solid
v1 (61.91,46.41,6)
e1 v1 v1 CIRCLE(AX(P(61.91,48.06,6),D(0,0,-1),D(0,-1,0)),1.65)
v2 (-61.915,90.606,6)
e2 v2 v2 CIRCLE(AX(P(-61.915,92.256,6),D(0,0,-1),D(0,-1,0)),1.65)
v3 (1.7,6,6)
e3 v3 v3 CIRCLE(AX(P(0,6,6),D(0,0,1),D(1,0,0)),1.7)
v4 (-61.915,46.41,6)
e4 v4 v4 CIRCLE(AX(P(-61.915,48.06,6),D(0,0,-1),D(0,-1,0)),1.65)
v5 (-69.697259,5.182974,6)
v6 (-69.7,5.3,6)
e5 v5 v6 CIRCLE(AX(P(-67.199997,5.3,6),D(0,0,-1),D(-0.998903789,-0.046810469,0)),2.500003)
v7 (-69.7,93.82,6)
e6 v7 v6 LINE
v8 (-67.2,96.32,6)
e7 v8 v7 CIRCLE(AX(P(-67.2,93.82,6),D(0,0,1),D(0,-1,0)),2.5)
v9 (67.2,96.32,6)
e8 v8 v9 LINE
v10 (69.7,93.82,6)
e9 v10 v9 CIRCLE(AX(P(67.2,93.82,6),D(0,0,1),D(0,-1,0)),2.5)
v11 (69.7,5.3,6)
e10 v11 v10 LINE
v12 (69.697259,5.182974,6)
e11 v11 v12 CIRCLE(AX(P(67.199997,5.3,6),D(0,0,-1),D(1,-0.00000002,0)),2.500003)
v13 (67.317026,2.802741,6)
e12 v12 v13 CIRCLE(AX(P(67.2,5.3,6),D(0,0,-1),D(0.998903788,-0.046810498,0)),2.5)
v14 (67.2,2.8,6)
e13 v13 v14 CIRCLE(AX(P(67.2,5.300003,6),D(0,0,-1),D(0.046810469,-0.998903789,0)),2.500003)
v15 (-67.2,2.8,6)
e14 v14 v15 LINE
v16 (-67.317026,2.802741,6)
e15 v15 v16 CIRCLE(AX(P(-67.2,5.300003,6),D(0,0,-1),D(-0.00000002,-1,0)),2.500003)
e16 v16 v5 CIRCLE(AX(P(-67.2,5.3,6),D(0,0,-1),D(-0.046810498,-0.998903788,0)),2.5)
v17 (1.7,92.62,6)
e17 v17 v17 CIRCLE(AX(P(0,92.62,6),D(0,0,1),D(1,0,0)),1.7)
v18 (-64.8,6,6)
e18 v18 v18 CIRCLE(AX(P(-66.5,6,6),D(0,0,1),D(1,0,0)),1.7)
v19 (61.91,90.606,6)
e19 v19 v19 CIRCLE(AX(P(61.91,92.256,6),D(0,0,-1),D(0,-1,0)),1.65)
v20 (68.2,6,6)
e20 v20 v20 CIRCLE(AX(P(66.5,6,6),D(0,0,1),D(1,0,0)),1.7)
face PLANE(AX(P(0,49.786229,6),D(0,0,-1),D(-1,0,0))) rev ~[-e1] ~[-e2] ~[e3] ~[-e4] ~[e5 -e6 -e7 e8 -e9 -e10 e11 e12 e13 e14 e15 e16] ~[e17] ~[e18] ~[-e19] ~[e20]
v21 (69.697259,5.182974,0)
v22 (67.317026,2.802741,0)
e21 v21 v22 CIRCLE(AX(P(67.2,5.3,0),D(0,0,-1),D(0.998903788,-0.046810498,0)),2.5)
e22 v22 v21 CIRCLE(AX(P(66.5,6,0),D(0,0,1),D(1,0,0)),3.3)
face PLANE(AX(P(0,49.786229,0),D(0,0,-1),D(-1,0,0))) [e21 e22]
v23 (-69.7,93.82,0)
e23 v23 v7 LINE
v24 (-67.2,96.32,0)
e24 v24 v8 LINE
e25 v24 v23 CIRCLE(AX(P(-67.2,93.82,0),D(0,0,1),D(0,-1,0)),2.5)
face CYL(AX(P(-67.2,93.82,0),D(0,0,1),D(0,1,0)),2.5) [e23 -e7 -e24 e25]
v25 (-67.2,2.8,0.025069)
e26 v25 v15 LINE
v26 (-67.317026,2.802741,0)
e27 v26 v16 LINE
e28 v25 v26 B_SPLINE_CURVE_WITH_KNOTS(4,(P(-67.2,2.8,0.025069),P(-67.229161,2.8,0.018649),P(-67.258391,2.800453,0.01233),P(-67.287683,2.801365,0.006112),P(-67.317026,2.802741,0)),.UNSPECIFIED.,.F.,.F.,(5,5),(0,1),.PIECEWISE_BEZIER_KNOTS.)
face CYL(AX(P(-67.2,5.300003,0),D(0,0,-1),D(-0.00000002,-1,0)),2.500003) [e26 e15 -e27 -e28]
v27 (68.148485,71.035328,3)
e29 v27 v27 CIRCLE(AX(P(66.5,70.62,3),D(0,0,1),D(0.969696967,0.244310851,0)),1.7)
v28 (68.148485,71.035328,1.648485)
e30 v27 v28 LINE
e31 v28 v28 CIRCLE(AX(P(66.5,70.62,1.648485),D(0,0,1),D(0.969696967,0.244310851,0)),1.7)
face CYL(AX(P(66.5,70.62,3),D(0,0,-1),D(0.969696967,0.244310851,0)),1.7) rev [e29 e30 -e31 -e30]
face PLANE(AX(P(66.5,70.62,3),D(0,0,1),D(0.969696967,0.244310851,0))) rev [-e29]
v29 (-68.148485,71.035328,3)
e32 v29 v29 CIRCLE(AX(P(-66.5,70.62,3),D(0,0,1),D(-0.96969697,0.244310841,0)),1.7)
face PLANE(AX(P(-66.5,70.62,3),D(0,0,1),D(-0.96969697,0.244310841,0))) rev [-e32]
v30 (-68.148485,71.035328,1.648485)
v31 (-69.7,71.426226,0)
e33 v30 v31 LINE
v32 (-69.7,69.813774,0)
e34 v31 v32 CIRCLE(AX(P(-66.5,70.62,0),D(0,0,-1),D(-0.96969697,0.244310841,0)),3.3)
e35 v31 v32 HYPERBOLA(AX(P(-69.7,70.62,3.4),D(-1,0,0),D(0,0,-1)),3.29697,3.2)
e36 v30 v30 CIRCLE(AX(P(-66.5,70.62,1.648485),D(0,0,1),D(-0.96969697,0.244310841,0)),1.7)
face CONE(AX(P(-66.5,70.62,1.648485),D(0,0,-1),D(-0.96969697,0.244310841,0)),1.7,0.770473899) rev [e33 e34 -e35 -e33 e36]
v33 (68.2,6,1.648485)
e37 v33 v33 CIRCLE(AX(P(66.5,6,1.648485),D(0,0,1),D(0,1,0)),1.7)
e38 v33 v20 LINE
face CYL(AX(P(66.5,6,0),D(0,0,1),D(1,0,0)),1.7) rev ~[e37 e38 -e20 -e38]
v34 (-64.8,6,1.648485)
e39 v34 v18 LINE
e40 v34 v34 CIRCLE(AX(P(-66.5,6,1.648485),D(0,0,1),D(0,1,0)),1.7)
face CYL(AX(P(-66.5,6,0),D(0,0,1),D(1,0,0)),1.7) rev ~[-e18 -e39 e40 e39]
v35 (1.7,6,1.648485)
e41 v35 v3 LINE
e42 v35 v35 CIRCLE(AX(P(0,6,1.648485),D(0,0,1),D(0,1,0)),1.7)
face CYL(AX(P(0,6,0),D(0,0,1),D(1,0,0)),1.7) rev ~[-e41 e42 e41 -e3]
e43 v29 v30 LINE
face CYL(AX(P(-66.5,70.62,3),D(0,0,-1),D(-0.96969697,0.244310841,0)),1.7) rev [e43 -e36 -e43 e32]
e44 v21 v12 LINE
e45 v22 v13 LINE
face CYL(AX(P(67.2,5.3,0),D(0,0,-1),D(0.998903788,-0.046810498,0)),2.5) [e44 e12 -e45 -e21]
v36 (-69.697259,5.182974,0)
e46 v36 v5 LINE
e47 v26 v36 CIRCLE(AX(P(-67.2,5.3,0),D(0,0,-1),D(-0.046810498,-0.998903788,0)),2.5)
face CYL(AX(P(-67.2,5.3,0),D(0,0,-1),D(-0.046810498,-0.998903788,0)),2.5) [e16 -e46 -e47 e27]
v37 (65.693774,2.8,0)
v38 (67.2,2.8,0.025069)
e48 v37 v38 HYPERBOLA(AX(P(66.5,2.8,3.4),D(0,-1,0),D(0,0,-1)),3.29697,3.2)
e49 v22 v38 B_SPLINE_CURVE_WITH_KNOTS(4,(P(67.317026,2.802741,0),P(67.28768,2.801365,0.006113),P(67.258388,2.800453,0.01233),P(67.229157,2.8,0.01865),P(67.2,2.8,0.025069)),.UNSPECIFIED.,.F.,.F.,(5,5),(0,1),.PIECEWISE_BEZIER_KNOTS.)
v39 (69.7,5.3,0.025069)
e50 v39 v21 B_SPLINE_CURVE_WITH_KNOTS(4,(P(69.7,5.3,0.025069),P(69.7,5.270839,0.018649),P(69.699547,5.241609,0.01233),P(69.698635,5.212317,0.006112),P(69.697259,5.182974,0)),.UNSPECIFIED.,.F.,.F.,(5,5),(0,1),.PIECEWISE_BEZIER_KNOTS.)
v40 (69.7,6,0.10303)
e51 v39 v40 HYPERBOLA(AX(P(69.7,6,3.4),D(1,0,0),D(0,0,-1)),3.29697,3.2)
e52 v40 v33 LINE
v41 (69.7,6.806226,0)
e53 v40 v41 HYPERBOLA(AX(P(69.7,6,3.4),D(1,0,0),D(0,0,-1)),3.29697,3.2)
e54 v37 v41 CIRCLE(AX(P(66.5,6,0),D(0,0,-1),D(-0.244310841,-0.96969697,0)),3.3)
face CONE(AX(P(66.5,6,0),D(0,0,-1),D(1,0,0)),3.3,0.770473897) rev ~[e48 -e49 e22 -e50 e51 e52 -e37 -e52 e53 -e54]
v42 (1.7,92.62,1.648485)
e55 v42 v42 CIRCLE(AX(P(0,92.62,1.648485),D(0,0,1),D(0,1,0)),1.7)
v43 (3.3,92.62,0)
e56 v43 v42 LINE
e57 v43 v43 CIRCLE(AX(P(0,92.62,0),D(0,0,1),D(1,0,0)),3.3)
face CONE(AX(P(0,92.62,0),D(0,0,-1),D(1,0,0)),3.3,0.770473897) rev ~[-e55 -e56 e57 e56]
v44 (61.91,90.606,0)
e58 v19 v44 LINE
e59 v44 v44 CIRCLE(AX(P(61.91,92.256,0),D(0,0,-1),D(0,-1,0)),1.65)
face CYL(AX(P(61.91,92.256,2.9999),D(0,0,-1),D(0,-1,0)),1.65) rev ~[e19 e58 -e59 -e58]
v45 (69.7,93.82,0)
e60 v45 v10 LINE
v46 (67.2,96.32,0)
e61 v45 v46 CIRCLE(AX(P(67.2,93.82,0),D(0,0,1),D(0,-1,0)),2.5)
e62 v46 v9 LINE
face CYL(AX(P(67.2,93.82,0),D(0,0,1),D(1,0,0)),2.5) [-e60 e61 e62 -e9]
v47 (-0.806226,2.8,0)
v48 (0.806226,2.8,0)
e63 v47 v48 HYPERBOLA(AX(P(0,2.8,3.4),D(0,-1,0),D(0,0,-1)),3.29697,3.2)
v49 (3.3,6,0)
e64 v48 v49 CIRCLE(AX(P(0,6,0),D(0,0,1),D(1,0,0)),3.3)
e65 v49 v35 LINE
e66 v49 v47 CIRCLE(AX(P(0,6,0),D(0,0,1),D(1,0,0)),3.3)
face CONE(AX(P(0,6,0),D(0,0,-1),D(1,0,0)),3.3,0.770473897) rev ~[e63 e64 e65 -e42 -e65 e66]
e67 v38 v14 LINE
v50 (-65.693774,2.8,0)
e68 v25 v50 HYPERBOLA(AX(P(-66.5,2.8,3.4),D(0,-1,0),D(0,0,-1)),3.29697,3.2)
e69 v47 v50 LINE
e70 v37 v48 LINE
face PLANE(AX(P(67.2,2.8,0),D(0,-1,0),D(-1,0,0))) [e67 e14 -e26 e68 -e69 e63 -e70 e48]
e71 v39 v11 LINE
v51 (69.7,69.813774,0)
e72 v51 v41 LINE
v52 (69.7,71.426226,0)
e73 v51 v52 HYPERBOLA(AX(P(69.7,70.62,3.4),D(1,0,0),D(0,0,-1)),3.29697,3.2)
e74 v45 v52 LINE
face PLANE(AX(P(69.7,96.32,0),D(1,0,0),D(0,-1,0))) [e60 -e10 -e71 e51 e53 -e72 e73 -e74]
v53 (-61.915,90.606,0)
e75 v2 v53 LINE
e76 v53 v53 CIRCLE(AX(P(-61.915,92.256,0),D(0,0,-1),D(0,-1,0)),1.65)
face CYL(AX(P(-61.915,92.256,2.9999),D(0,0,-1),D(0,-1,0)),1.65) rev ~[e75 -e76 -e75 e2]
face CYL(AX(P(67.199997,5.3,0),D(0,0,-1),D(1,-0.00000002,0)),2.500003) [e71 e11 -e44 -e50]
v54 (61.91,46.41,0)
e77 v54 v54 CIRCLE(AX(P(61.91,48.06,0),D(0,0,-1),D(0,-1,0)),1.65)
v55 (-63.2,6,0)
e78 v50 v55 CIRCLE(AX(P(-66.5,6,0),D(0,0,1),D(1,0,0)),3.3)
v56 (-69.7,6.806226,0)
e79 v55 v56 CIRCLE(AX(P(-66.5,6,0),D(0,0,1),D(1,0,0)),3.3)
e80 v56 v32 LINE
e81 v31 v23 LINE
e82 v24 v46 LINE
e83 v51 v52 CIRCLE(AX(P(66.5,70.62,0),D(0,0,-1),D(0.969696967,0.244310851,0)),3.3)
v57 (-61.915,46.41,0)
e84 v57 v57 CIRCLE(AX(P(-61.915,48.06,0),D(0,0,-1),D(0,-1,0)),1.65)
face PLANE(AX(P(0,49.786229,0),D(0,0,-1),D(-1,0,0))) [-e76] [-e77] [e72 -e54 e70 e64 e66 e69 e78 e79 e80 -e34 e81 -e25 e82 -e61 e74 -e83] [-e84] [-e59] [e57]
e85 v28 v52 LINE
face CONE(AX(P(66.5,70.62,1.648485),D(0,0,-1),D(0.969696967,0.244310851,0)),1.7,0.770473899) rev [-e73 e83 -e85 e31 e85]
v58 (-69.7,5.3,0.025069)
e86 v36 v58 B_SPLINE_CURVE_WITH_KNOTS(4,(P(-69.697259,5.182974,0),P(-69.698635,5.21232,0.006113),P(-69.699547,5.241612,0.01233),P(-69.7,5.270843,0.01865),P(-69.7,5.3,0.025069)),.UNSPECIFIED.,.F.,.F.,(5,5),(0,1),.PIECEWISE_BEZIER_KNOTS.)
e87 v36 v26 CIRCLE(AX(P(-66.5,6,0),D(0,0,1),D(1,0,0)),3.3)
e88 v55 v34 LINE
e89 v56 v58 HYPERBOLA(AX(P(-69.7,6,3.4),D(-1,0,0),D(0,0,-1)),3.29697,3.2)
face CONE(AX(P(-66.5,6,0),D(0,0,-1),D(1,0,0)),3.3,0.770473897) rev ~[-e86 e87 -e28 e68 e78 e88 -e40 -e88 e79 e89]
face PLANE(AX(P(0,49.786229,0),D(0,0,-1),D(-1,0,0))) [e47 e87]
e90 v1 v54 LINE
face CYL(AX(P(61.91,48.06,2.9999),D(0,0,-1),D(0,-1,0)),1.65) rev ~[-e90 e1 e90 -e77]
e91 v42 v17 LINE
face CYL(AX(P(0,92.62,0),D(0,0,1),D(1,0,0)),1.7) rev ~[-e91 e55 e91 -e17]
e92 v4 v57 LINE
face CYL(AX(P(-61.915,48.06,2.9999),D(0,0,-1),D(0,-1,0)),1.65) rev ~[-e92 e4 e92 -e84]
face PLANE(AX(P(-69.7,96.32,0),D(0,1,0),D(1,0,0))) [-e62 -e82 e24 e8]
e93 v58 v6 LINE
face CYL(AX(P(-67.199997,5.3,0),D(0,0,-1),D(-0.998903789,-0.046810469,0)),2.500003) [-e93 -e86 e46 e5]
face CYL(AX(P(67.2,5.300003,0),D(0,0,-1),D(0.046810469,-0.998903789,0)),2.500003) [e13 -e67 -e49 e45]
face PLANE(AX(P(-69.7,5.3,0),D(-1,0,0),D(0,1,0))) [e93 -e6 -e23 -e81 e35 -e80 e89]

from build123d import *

# Parameters (mm, degrees)
BOSS_EXTRUDE1_DEPTH                               = 6
SKETCH8_W                                         = 4
SKETCH8_H                                         = 14
SKETCH9_W                                         = 4
SKETCH9_H                                         = 14
SKETCH10_W                                        = 4
SKETCH10_H                                        = 14
SKETCH11_W                                        = 4
SKETCH11_H                                        = 14
CSK_FOR_4_FLAT_HEAD_MACHINE_SCREW_100_D           = 3.4
CSK_FOR_4_FLAT_HEAD_MACHINE_SCREW_100_DEPTH       = 17
CSK_FOR_4_FLAT_HEAD_MACHINE_SCREW_100_CSINK_D     = 6.6
CSK_FOR_4_FLAT_HEAD_MACHINE_SCREW_100_CSINK_ANGLE = 88.289805
F_6_CLEARANCE_HOLE1_D                             = 4.2
F_6_CLEARANCE_HOLE1_DEPTH                         = 6
FILLET2_R                                         = 2.5
SKETCH19_W                                        = 1.65
SKETCH19_H                                        = 6.0002
M4X0_7_TAPPED_HOLE1_AT_2_COUNT                    = 2
M4X0_7_TAPPED_HOLE1_AT_2_PITCH                    = 44.196
M4X0_7_TAPPED_HOLE1_AT_3_COUNT                    = 2
M4X0_7_TAPPED_HOLE1_AT_3_PITCH                    = 131.475918103
M4X0_7_TAPPED_HOLE1_AT_4_COUNT                    = 2
M4X0_7_TAPPED_HOLE1_AT_4_PITCH                    = 123.825
SKETCH20_W                                        = 161.59397274
SKETCH20_H                                        = 68.078942219
CUT_EXTRUDE1_DEPTH                                = 120.401140756


with BuildPart() as part:
    # Sketch1 → Boss-Extrude1 (new body)
    with BuildSketch(Plane(origin=(0, 0, 0), x_dir=(-1, 0, 0), z_dir=(0, 0, -1))):
        with BuildLine():
            Line((-69.7, 93.82), (-69.7, 71.426225775))
            Line((-69.7, 71.426225775), (-69.7, 69.813774225))
            Line((-69.7, 69.813774225), (-69.7, 6.806225775))
            Line((-69.7, 6.806225775), (-69.7, 5.3))
            ThreePointArc((-69.7, 5.3), (-69.699314773, 5.241470835), (-69.69725947, 5.182973755))
            ThreePointArc((-69.69725947, 5.182973755), (-68.967766953, 3.532233047), (-67.317026245, 2.80274053))
            ThreePointArc((-67.317026245, 2.80274053), (-67.258529165, 2.800685227), (-67.2, 2.8))
            Line((-67.2, 2.8), (-65.693774225, 2.8))
            Line((-65.693774225, 2.8), (-0.806225775, 2.8))
            Line((-0.806225775, 2.8), (0.806225775, 2.8))
            Line((0.806225775, 2.8), (65.693774225, 2.8))
            Line((65.693774225, 2.8), (67.2, 2.8))
            ThreePointArc((67.2, 2.8), (67.258529165, 2.800685227), (67.317026245, 2.80274053))
            ThreePointArc((67.317026245, 2.80274053), (68.967766953, 3.532233047), (69.69725947, 5.182973755))
            ThreePointArc((69.69725947, 5.182973755), (69.699314773, 5.241470835), (69.7, 5.3))
            Line((69.7, 5.3), (69.7, 6.806225775))
            Line((69.7, 6.806225775), (69.7, 69.813774225))
            Line((69.7, 69.813774225), (69.7, 71.426225775))
            Line((69.7, 71.426225775), (69.7, 93.82))
            Line((69.7, 93.82), (69.7, 96.32))
            Line((69.7, 96.32), (67.2, 96.32))
            Line((67.2, 96.32), (-67.2, 96.32))
            Line((-67.2, 96.32), (-69.7, 96.32))
            Line((-69.7, 96.32), (-69.7, 93.82))
        make_face()
    extrude(amount=-BOSS_EXTRUDE1_DEPTH)

    # Sketch2 → Cut-Revolve1 (revolve, cut)
    with BuildSketch(Plane(origin=(0, 70.62, 0), x_dir=(1, 0, 0), z_dir=(0, 1, 0)), mode=Mode.PRIVATE) as cut_revolve1_sk:
        Polygon((69.800194118, 0.0002), (66.5, 0.0002), (66.5, -3), (68.2, -3), (68.2, -1.648484848), align=None)
    revolve(cut_revolve1_sk.sketch.rotate(Axis((66.5, 70.62, -0.0002), (0, 0, 1)), 14.141110809), axis=Axis((66.5, 70.62, -0.0002), (0, 0, 1)), mode=Mode.SUBTRACT)

    # Sketch3 → Cut-Revolve2 (revolve, cut)
    with BuildSketch(Plane(origin=(0, 70.62, 0), x_dir=(1, 0, 0), z_dir=(0, 1, 0)), mode=Mode.PRIVATE) as cut_revolve2_sk:
        Polygon((-63.199805882, 0.0002), (-66.5, 0.0002), (-66.5, -3), (-64.8, -3), (-64.8, -1.648484848), align=None)
    revolve(cut_revolve2_sk.sketch.rotate(Axis((-66.5, 70.62, -0.0002), (0, 0, 1)), 165.858889766), axis=Axis((-66.5, 70.62, -0.0002), (0, 0, 1)), mode=Mode.SUBTRACT)

    # Sketch8 → Revolve5 (revolve)
    with BuildSketch(Plane.XZ.offset(-92.256), mode=Mode.PRIVATE) as revolve5_sk:
        with Locations((63.91, 10)):
            Rectangle(SKETCH8_W, SKETCH8_H)
    revolve(revolve5_sk.sketch.rotate(Axis((61.91, 92.256, 17.005), (0, 0, -1)), 180), axis=Axis((61.91, 92.256, 17.005), (0, 0, -1)))

    # Sketch9 → Revolve6 (revolve)
    with BuildSketch(Plane.XZ.offset(-92.256), mode=Mode.PRIVATE) as revolve6_sk:
        with Locations((-59.915, 10)):
            Rectangle(SKETCH9_W, SKETCH9_H)
    revolve(revolve6_sk.sketch.rotate(Axis((-61.915, 92.256, 17.005), (0, 0, -1)), 180), axis=Axis((-61.915, 92.256, 17.005), (0, 0, -1)))

    # Sketch10 → Revolve7 (revolve)
    with BuildSketch(Plane.XZ.offset(-48.06), mode=Mode.PRIVATE) as revolve7_sk:
        with Locations((63.91, 10)):
            Rectangle(SKETCH10_W, SKETCH10_H)
    revolve(revolve7_sk.sketch.rotate(Axis((61.91, 48.06, 17.005), (0, 0, -1)), 180), axis=Axis((61.91, 48.06, 17.005), (0, 0, -1)))

    # Sketch11 → Revolve8 (revolve)
    with BuildSketch(Plane.XZ.offset(-48.06), mode=Mode.PRIVATE) as revolve8_sk:
        with Locations((-59.915, 10)):
            Rectangle(SKETCH11_W, SKETCH11_H)
    revolve(revolve8_sk.sketch.rotate(Axis((-61.915, 48.06, 17.005), (0, 0, -1)), 180), axis=Axis((-61.915, 48.06, 17.005), (0, 0, -1)))

    # CSK for #4 Flat Head Machine Screw (100)1
    with Locations(Plane(origin=(0, 0, 0), x_dir=(-1, 0, 0), z_dir=(0, 0, -1))):
        with Locations((66.5, 6), (0, 6), (-66.5, 6), (0, 92.62)):
            CounterSinkHole(CSK_FOR_4_FLAT_HEAD_MACHINE_SCREW_100_D / 2, CSK_FOR_4_FLAT_HEAD_MACHINE_SCREW_100_CSINK_D / 2, depth=CSK_FOR_4_FLAT_HEAD_MACHINE_SCREW_100_DEPTH, counter_sink_angle=CSK_FOR_4_FLAT_HEAD_MACHINE_SCREW_100_CSINK_ANGLE)

    # #6 Clearance Hole1
    with Locations(Plane.XY.offset(17)):
        with Locations((-61.915, 48.06), (61.91, 48.06), (-61.915, 92.256), (61.91, 92.256)):
            Hole(F_6_CLEARANCE_HOLE1_D / 2, depth=F_6_CLEARANCE_HOLE1_DEPTH)

    # Fillet2
    fillet2_edges = [part.edges().sort_by_distance(p)[0] for p in [
        (69.7, 96.32, 3),
        (-69.7, 96.32, 3),
    ]]
    fillet(fillet2_edges, radius=FILLET2_R)

    # Sketch19 → M4x0.7 Tapped Hole1 (revolve, cut)
    with BuildSketch(Plane(origin=(-61.915, 48.06, 6), x_dir=(0, -1, 0), z_dir=(1, 0, 0))):
        with Locations((0.825, 3.0001)):
            Rectangle(SKETCH19_W, SKETCH19_H)
    m4x0_7_tapped_hole1 = revolve(axis=Axis((-61.915, 48.06, 12.35), (0, 0, -1)), mode=Mode.SUBTRACT)

    # M4x0.7 Tapped Hole1 at 2: M4x0.7 Tapped Hole1 ×2
    with Locations(*[(0, i * M4X0_7_TAPPED_HOLE1_AT_2_PITCH, 0) for i in range(1, M4X0_7_TAPPED_HOLE1_AT_2_COUNT)]):
        add(m4x0_7_tapped_hole1, mode=Mode.SUBTRACT)

    # M4x0.7 Tapped Hole1 at 3: M4x0.7 Tapped Hole1 ×2
    with Locations(*[Vector(0.941807456351738, 0.3361528151901589, 0) * (i * M4X0_7_TAPPED_HOLE1_AT_3_PITCH) for i in range(1, M4X0_7_TAPPED_HOLE1_AT_3_COUNT)]):
        add(m4x0_7_tapped_hole1, mode=Mode.SUBTRACT)

    # M4x0.7 Tapped Hole1 at 4: M4x0.7 Tapped Hole1 ×2
    with Locations(*[(i * M4X0_7_TAPPED_HOLE1_AT_4_PITCH, 0, 0) for i in range(1, M4X0_7_TAPPED_HOLE1_AT_4_COUNT)]):
        add(m4x0_7_tapped_hole1, mode=Mode.SUBTRACT)

    # Sketch20 → Cut-Extrude1 (cut, through all)
    with BuildSketch(Plane.XY.offset(6)):
        with Locations((-0.997493659, 67.826602629)):
            Rectangle(SKETCH20_W, SKETCH20_H)
    extrude(amount=CUT_EXTRUDE1_DEPTH, mode=Mode.SUBTRACT)


solid = part.part
